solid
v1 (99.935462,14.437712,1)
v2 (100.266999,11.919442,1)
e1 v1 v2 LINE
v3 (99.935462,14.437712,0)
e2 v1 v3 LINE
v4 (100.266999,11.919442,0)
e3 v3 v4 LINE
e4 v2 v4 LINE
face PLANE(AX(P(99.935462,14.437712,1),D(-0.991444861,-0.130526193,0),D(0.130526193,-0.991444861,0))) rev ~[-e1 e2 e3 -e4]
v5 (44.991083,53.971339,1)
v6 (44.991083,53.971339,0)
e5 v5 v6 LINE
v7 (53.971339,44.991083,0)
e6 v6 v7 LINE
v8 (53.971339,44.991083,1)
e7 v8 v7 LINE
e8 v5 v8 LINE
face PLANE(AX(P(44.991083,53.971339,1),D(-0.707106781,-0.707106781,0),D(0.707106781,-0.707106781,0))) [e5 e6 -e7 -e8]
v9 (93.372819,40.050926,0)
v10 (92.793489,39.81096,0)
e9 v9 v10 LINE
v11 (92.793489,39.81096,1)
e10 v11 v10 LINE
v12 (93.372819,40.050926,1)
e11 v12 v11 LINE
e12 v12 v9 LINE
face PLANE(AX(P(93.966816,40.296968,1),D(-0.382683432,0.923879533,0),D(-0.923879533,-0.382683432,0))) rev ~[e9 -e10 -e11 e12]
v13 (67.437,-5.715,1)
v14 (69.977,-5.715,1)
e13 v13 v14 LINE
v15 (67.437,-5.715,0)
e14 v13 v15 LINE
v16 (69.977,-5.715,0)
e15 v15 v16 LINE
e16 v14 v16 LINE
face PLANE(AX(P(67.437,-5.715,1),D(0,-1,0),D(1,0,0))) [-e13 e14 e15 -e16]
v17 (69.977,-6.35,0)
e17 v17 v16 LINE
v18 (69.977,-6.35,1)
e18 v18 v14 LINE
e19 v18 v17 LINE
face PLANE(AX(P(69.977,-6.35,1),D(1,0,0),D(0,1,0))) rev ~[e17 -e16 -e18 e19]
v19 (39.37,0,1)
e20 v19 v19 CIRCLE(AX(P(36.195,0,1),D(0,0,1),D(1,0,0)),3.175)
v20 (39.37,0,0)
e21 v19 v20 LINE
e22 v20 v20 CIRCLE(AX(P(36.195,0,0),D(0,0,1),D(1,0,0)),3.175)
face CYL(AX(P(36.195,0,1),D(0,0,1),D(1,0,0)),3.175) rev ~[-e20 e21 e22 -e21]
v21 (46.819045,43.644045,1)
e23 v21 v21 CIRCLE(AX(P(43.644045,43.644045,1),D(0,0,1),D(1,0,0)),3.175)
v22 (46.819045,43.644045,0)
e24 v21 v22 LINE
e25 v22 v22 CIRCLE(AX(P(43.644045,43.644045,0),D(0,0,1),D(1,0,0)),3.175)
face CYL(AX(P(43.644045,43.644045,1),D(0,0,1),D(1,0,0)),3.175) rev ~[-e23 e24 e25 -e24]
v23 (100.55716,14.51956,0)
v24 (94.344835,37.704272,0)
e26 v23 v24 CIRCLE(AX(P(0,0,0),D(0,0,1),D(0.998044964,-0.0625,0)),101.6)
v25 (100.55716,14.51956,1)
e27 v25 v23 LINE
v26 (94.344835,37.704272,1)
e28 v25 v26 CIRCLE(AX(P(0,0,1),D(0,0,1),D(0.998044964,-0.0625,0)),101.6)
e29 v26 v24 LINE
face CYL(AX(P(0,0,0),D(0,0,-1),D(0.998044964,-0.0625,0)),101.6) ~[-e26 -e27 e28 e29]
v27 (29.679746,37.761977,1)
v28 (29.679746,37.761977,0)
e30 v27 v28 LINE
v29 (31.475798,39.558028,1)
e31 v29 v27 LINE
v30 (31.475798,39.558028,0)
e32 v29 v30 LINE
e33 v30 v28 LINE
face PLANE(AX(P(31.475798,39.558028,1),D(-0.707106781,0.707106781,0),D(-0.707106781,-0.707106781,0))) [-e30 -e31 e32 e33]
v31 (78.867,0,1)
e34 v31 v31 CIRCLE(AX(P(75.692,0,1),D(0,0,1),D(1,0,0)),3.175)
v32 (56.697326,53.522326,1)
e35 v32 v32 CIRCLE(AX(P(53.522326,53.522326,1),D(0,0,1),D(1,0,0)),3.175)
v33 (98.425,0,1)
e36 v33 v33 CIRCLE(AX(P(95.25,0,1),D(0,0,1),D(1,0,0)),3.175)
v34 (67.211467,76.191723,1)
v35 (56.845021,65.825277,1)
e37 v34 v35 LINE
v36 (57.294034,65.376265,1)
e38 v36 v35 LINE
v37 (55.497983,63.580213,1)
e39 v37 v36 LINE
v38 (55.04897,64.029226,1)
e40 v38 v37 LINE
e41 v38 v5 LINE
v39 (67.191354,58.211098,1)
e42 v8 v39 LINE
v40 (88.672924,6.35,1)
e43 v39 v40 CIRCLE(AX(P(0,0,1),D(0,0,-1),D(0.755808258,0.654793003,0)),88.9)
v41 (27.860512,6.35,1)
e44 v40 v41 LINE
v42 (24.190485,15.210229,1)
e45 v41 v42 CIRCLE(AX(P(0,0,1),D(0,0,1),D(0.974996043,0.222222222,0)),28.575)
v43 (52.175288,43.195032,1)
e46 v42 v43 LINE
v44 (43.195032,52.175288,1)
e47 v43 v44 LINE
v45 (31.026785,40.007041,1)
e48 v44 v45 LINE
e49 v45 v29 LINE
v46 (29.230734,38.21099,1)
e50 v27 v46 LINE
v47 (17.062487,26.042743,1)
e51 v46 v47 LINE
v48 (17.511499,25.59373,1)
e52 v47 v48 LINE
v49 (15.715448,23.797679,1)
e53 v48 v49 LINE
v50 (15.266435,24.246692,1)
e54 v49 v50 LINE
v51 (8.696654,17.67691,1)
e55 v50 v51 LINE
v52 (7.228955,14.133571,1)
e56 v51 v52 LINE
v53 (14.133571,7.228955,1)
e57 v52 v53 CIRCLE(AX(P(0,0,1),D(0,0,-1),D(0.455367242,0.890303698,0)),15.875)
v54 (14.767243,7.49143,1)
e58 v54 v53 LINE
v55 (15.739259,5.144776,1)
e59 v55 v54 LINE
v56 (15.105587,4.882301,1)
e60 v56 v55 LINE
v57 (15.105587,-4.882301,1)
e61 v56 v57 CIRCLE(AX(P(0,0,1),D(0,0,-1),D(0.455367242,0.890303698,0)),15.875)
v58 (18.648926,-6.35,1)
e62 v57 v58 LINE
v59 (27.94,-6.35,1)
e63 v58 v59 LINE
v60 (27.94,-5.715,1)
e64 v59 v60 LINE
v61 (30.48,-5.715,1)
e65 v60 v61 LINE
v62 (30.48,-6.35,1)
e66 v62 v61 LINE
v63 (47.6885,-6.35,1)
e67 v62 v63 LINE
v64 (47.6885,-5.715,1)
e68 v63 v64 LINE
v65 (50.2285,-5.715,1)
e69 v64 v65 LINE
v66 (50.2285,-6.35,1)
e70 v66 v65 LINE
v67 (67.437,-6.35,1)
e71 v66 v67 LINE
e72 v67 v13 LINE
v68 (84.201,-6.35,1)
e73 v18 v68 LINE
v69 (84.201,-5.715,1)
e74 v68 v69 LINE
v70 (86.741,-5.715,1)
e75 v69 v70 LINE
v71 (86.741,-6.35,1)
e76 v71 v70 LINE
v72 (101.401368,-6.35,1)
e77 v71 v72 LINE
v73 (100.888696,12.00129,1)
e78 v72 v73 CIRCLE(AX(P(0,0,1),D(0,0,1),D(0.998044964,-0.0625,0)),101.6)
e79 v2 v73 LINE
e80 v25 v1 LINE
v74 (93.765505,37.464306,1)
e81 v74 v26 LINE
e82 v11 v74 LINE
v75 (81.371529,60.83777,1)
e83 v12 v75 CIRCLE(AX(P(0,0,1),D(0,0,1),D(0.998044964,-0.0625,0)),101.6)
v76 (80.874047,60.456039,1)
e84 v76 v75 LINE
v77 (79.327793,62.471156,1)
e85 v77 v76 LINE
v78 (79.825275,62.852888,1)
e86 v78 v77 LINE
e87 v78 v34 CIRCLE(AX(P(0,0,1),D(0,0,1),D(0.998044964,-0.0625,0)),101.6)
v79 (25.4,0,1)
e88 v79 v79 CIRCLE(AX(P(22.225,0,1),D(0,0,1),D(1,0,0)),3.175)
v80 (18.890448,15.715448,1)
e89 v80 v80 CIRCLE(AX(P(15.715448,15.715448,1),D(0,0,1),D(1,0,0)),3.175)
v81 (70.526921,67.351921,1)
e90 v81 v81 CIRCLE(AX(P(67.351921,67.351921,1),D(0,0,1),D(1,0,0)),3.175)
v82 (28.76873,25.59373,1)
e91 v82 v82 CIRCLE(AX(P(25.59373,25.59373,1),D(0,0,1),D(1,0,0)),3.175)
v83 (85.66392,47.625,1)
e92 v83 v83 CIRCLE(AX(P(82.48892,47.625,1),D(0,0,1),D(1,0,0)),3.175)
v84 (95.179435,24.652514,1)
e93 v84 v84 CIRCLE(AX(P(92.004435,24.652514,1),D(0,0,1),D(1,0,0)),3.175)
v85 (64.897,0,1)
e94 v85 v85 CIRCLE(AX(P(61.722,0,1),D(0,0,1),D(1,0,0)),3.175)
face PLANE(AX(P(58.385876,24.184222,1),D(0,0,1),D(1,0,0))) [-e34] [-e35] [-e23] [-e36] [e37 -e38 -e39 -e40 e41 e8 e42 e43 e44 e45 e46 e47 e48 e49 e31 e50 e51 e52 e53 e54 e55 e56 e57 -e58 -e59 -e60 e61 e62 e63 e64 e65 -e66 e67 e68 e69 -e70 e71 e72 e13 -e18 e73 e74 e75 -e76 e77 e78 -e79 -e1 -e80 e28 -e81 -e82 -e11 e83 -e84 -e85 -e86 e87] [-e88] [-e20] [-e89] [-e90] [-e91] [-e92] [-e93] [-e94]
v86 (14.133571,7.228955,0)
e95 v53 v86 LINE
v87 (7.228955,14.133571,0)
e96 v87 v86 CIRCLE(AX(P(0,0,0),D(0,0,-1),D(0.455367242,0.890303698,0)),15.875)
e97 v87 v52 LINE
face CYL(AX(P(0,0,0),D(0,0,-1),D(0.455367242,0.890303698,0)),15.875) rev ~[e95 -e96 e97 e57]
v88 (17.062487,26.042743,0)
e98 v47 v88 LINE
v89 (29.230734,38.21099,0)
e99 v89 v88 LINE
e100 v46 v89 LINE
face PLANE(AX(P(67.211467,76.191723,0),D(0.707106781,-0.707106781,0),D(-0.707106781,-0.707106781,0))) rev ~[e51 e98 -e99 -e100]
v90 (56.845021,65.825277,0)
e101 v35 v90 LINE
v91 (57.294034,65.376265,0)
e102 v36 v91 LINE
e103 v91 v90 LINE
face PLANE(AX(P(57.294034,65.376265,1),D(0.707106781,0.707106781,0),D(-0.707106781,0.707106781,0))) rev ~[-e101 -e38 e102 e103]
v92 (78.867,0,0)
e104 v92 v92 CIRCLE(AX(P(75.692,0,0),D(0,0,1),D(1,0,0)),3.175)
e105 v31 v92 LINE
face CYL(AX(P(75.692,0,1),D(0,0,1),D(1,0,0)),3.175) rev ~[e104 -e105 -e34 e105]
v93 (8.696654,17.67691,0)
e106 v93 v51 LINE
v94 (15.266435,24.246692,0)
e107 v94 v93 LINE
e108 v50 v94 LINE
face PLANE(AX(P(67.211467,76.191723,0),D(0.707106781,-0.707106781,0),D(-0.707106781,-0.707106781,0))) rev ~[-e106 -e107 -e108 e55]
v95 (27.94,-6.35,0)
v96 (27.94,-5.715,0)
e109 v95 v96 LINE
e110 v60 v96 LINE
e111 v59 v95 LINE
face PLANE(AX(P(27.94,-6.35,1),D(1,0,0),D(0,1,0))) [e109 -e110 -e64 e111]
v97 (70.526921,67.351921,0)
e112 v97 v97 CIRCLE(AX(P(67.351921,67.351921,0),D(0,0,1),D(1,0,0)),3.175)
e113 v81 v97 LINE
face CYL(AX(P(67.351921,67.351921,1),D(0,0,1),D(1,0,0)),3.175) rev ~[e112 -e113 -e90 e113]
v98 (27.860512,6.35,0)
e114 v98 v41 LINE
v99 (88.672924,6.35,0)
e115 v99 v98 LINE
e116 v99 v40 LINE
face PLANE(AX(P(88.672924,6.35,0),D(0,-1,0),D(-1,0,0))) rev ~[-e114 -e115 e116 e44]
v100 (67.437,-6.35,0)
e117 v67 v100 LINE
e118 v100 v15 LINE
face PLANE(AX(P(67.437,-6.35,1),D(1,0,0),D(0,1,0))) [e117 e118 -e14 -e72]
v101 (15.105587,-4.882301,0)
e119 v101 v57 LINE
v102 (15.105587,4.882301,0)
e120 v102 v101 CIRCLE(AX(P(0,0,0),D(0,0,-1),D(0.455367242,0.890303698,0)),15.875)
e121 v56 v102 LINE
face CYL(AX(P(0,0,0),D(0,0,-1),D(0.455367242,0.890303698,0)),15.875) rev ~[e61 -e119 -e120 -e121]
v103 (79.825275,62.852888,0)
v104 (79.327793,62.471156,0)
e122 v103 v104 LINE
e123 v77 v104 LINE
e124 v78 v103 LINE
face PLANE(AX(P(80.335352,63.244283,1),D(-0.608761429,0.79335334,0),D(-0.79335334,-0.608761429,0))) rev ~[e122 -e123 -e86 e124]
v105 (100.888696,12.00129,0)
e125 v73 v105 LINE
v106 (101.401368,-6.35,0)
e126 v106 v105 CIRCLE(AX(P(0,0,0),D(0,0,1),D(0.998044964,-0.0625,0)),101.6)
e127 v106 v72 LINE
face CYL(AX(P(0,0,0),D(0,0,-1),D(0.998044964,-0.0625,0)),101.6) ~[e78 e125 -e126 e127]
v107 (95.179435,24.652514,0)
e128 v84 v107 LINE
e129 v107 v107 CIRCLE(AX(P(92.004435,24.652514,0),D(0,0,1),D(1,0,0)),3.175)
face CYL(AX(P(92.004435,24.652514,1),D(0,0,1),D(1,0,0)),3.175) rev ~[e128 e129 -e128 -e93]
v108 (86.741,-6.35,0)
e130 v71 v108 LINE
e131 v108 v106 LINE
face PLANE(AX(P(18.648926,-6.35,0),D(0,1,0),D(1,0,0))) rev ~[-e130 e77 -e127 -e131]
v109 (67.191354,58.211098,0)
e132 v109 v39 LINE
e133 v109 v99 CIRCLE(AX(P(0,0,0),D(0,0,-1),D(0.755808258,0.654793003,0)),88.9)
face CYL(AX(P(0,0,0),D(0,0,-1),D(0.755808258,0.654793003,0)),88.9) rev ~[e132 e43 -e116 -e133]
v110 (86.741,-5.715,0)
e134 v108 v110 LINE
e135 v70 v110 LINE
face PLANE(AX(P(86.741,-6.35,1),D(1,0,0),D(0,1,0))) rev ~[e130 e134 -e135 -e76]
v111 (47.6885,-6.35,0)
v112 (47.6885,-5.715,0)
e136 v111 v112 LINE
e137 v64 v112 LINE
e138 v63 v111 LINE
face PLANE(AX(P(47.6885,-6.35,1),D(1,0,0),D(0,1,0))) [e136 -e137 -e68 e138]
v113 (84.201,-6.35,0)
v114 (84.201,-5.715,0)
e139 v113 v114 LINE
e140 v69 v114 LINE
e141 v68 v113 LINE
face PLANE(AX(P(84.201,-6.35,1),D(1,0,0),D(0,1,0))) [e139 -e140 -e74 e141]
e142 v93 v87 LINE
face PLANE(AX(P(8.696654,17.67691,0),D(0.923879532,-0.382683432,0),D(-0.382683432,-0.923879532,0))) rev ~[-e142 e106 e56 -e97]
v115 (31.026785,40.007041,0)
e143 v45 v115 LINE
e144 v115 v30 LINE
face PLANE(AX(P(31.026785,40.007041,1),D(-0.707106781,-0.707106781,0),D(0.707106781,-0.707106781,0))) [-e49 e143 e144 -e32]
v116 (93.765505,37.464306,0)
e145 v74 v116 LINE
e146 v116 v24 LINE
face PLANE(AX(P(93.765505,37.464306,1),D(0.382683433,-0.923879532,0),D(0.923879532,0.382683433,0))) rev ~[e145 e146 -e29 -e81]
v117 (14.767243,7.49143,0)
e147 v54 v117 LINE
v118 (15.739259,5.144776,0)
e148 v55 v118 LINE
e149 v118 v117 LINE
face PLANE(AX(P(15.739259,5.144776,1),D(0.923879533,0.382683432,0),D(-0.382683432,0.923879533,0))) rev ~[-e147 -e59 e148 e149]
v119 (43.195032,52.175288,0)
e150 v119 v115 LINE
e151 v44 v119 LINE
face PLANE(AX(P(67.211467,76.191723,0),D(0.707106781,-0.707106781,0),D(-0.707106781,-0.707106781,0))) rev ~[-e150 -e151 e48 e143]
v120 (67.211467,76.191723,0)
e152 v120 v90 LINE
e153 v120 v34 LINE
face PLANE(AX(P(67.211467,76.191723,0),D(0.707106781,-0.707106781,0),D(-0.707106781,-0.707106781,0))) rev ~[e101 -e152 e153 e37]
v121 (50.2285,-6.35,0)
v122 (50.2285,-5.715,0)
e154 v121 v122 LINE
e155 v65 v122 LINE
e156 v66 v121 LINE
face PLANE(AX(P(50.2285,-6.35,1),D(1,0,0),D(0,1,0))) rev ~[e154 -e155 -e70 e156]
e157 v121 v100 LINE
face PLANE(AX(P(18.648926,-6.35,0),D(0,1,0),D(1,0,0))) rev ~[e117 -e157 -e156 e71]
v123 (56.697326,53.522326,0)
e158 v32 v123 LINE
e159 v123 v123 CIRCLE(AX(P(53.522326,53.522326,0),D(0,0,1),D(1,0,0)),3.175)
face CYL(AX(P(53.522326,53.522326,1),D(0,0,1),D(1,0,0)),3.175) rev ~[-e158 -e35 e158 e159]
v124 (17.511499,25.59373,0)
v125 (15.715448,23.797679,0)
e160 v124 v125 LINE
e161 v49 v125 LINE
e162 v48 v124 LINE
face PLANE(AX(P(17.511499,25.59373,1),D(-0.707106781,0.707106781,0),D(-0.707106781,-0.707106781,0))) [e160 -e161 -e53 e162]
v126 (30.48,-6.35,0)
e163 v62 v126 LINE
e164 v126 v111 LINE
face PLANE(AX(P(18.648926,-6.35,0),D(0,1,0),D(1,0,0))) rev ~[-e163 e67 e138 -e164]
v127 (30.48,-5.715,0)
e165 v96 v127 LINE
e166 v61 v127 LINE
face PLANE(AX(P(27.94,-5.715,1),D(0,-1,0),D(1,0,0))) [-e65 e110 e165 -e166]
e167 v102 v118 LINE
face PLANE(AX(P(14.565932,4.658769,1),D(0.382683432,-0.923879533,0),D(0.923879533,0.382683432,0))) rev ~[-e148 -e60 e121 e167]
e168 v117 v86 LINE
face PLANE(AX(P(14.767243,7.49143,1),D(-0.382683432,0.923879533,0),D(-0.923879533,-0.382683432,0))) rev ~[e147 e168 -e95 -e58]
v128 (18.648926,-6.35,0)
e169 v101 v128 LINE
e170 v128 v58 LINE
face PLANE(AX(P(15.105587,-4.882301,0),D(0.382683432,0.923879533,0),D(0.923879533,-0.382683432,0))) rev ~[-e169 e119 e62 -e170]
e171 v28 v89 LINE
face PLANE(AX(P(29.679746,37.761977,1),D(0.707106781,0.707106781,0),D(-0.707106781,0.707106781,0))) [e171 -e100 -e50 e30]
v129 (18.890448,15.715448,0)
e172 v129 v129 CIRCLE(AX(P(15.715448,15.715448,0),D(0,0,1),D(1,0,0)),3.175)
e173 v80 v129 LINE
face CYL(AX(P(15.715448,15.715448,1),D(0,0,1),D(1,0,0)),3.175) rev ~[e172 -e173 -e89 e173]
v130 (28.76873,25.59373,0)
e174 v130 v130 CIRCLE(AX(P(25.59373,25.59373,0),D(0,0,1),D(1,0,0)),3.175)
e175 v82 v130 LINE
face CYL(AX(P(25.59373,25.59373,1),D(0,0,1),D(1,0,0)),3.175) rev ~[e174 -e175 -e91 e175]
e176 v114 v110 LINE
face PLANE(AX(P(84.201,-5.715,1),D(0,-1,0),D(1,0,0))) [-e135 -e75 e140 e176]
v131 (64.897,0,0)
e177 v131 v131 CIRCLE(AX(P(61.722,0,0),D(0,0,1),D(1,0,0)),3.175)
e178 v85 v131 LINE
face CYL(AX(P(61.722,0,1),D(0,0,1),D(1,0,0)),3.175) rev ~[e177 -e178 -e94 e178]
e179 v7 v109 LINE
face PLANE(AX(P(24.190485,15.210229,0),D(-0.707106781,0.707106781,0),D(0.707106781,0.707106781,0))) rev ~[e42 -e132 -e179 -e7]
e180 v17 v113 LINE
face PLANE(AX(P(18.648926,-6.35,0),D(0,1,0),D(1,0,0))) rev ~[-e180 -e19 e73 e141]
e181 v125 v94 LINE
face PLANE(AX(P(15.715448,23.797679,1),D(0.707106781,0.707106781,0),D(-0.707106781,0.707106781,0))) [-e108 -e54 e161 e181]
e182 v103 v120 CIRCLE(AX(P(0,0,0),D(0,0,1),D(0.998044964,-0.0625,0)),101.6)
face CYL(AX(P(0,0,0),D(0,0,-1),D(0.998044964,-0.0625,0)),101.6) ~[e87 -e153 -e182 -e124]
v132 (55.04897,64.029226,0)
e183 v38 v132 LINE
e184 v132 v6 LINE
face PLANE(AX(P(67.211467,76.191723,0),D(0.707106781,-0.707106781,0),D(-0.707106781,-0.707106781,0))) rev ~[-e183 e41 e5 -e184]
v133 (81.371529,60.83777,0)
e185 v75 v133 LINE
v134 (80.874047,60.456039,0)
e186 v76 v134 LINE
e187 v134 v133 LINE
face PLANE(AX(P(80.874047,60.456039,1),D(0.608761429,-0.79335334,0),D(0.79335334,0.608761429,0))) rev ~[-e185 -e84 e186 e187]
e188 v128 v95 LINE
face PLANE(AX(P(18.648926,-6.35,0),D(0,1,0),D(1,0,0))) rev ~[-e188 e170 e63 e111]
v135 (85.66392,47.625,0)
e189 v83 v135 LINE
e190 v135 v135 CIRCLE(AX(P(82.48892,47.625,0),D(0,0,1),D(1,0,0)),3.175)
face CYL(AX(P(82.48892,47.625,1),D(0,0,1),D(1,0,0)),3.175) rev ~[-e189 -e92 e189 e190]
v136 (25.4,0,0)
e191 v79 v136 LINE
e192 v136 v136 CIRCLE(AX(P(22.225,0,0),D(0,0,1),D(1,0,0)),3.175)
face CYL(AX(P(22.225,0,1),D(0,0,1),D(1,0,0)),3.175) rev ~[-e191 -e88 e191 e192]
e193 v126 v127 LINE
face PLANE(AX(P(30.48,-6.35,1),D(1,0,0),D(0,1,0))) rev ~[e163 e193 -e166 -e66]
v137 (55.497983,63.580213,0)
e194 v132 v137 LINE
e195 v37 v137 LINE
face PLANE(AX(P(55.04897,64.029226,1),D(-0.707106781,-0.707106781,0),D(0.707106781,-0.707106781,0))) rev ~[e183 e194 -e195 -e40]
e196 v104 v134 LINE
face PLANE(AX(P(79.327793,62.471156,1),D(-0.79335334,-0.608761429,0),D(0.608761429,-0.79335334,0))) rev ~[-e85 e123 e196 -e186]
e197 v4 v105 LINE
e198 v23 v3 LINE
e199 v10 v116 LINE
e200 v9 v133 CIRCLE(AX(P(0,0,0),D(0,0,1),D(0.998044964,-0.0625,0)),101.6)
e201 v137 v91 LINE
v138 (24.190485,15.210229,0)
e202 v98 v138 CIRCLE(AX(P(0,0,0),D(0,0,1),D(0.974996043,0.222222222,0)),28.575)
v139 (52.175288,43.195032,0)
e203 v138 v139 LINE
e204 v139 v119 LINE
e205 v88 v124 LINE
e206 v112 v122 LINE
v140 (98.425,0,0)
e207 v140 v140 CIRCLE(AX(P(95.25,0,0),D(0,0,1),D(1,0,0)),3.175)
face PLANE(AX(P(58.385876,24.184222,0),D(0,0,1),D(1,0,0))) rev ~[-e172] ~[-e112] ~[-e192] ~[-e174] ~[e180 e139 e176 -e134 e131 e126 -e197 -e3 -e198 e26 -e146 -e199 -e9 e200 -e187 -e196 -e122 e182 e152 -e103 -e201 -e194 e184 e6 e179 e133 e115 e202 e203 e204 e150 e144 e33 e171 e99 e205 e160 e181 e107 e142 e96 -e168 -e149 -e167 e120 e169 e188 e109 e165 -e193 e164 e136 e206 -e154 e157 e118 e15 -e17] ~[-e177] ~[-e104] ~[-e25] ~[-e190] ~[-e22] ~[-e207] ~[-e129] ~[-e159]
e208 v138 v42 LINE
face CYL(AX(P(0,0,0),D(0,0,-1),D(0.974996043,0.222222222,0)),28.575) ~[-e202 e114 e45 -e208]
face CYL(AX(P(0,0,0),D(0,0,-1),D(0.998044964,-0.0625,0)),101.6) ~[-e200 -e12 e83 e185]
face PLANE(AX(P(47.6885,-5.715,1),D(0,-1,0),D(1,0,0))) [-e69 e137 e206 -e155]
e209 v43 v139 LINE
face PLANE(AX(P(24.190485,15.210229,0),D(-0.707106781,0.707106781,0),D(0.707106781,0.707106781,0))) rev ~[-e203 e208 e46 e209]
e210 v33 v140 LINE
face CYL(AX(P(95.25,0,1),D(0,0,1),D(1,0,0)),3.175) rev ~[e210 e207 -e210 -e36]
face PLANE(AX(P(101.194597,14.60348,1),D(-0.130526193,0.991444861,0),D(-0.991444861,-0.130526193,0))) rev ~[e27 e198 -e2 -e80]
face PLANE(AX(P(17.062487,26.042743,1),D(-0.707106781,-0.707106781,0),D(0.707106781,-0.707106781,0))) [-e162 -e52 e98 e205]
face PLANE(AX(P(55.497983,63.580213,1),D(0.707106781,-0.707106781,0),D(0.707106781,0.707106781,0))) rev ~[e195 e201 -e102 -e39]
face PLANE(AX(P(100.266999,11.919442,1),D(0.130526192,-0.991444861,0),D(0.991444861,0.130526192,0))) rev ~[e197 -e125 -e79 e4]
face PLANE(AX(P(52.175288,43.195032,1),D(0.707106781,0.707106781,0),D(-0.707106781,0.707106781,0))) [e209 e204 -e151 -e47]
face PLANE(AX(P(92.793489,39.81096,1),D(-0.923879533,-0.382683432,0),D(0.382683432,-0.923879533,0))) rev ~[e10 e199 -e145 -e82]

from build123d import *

# Parameters (mm, degrees)
BOSS_EXTRUDE1_DEPTH = 1
SKETCH2_R           = 3.175
CUT_EXTRUDE1_DEPTH  = 2
SKETCH3_W           = 2.54
SKETCH3_H           = 0.635
CUT_EXTRUDE2_DEPTH  = 2


with BuildPart() as part:
    # Sketch1 → Boss-Extrude1 (new body)
    with BuildSketch(Plane.XY):
        with BuildLine():
            Line((67.21146711, 76.191723231), (8.696654013, 17.676910134))
            Line((8.696654013, 17.676910134), (7.228954972, 14.133571205))
            ThreePointArc((7.228954972, 14.133571205), (14.666587579, 6.075099489), (15.105587123, -4.88230096))
            Line((15.105587123, -4.88230096), (18.648926052, -6.35))
            Line((18.648926052, -6.35), (101.401368334, -6.35))
            ThreePointArc((101.401368334, -6.35), (93.866160503, 38.880636728), (67.21146711, 76.191723231))
        make_face()
        with BuildLine():
            Line((88.672924278, 6.35), (27.86051193, 6.35))
            ThreePointArc((27.86051193, 6.35), (26.399857642, 10.93517908), (24.190484974, 15.210228852))
            Line((24.190484974, 15.210228852), (67.191354125, 58.211098004))
            ThreePointArc((67.191354125, 58.211098004), (82.13289044, 34.020557137), (88.672924278, 6.35))
        make_face(mode=Mode.SUBTRACT)
    extrude(amount=BOSS_EXTRUDE1_DEPTH)

    # Sketch2 → Cut-Extrude1 (cut, through all)
    with BuildSketch(Plane.XY.offset(1)):
        with Locations((22.225, 0)):
            Circle(SKETCH2_R)
        with Locations((36.195, 0)):
            Circle(SKETCH2_R)
        with Locations((61.722, 0)):
            Circle(SKETCH2_R)
        with Locations((75.692, 0)):
            Circle(SKETCH2_R)
        with Locations((95.25, 0)):
            Circle(SKETCH2_R)
        with Locations((15.715448212, 15.715448212)):
            Circle(SKETCH2_R)
        with Locations((25.593729945, 25.593729945)):
            Circle(SKETCH2_R)
        with Locations((43.644044748, 43.644044748)):
            Circle(SKETCH2_R)
        with Locations((53.522326482, 53.522326482)):
            Circle(SKETCH2_R)
        with Locations((92.004434954, 24.652514046)):
            Circle(SKETCH2_R)
        with Locations((82.48891971, 47.625)):
            Circle(SKETCH2_R)
        with Locations((67.351920908, 67.351920908)):
            Circle(SKETCH2_R)
    extrude(amount=-CUT_EXTRUDE1_DEPTH, mode=Mode.SUBTRACT)

    # Sketch3 → Cut-Extrude2 (cut, through all)
    with BuildSketch(Plane.XY.offset(1)):
        Polygon((15.266435406, 24.246691527), (17.06248663, 26.042742751), (17.511499436, 25.593729945), (15.715448212, 23.797678721), align=None)
        Polygon((43.195031942, 52.175288063), (44.991083167, 53.971339288), (53.971339288, 44.991083167), (52.175288063, 43.195031942), align=None)
        with Locations((29.21, -6.0325)):
            Rectangle(SKETCH3_W, SKETCH3_H)
        with Locations((68.707, -6.0325)):
            Rectangle(SKETCH3_W, SKETCH3_H)
        Polygon((29.230733674, 38.210989795), (31.026784898, 40.007041019), (31.475797704, 39.558028213), (29.67974648, 37.761976989), align=None)
        Polygon((56.845021246, 65.825277367), (55.048970022, 64.029226143), (55.497982828, 63.580213337), (57.294034052, 65.376264561), align=None)
        with Locations((48.9585, -6.0325)):
            Rectangle(SKETCH3_W, SKETCH3_H)
        with Locations((85.471, -6.0325)):
            Rectangle(SKETCH3_W, SKETCH3_H)
        Polygon((99.935462164, 14.437711971), (100.266998693, 11.919442024), (101.526133667, 12.085210288), (101.194597138, 14.603480236), align=None)
        Polygon((93.765504959, 37.464305742), (94.938831965, 37.950313702), (93.966816047, 40.296967714), (92.793489041, 39.810959755), align=None)
        Polygon((79.327792988, 62.471156422), (80.874047017, 60.456038938), (81.88160576, 61.229165953), (80.33535173, 63.244283437), align=None)
        Polygon((13.593916116, 7.005422516), (14.565932035, 4.658768503), (15.739259041, 5.144776462), (14.767243123, 7.491430475), align=None)
    extrude(amount=-CUT_EXTRUDE2_DEPTH, mode=Mode.SUBTRACT)


solid = part.part
